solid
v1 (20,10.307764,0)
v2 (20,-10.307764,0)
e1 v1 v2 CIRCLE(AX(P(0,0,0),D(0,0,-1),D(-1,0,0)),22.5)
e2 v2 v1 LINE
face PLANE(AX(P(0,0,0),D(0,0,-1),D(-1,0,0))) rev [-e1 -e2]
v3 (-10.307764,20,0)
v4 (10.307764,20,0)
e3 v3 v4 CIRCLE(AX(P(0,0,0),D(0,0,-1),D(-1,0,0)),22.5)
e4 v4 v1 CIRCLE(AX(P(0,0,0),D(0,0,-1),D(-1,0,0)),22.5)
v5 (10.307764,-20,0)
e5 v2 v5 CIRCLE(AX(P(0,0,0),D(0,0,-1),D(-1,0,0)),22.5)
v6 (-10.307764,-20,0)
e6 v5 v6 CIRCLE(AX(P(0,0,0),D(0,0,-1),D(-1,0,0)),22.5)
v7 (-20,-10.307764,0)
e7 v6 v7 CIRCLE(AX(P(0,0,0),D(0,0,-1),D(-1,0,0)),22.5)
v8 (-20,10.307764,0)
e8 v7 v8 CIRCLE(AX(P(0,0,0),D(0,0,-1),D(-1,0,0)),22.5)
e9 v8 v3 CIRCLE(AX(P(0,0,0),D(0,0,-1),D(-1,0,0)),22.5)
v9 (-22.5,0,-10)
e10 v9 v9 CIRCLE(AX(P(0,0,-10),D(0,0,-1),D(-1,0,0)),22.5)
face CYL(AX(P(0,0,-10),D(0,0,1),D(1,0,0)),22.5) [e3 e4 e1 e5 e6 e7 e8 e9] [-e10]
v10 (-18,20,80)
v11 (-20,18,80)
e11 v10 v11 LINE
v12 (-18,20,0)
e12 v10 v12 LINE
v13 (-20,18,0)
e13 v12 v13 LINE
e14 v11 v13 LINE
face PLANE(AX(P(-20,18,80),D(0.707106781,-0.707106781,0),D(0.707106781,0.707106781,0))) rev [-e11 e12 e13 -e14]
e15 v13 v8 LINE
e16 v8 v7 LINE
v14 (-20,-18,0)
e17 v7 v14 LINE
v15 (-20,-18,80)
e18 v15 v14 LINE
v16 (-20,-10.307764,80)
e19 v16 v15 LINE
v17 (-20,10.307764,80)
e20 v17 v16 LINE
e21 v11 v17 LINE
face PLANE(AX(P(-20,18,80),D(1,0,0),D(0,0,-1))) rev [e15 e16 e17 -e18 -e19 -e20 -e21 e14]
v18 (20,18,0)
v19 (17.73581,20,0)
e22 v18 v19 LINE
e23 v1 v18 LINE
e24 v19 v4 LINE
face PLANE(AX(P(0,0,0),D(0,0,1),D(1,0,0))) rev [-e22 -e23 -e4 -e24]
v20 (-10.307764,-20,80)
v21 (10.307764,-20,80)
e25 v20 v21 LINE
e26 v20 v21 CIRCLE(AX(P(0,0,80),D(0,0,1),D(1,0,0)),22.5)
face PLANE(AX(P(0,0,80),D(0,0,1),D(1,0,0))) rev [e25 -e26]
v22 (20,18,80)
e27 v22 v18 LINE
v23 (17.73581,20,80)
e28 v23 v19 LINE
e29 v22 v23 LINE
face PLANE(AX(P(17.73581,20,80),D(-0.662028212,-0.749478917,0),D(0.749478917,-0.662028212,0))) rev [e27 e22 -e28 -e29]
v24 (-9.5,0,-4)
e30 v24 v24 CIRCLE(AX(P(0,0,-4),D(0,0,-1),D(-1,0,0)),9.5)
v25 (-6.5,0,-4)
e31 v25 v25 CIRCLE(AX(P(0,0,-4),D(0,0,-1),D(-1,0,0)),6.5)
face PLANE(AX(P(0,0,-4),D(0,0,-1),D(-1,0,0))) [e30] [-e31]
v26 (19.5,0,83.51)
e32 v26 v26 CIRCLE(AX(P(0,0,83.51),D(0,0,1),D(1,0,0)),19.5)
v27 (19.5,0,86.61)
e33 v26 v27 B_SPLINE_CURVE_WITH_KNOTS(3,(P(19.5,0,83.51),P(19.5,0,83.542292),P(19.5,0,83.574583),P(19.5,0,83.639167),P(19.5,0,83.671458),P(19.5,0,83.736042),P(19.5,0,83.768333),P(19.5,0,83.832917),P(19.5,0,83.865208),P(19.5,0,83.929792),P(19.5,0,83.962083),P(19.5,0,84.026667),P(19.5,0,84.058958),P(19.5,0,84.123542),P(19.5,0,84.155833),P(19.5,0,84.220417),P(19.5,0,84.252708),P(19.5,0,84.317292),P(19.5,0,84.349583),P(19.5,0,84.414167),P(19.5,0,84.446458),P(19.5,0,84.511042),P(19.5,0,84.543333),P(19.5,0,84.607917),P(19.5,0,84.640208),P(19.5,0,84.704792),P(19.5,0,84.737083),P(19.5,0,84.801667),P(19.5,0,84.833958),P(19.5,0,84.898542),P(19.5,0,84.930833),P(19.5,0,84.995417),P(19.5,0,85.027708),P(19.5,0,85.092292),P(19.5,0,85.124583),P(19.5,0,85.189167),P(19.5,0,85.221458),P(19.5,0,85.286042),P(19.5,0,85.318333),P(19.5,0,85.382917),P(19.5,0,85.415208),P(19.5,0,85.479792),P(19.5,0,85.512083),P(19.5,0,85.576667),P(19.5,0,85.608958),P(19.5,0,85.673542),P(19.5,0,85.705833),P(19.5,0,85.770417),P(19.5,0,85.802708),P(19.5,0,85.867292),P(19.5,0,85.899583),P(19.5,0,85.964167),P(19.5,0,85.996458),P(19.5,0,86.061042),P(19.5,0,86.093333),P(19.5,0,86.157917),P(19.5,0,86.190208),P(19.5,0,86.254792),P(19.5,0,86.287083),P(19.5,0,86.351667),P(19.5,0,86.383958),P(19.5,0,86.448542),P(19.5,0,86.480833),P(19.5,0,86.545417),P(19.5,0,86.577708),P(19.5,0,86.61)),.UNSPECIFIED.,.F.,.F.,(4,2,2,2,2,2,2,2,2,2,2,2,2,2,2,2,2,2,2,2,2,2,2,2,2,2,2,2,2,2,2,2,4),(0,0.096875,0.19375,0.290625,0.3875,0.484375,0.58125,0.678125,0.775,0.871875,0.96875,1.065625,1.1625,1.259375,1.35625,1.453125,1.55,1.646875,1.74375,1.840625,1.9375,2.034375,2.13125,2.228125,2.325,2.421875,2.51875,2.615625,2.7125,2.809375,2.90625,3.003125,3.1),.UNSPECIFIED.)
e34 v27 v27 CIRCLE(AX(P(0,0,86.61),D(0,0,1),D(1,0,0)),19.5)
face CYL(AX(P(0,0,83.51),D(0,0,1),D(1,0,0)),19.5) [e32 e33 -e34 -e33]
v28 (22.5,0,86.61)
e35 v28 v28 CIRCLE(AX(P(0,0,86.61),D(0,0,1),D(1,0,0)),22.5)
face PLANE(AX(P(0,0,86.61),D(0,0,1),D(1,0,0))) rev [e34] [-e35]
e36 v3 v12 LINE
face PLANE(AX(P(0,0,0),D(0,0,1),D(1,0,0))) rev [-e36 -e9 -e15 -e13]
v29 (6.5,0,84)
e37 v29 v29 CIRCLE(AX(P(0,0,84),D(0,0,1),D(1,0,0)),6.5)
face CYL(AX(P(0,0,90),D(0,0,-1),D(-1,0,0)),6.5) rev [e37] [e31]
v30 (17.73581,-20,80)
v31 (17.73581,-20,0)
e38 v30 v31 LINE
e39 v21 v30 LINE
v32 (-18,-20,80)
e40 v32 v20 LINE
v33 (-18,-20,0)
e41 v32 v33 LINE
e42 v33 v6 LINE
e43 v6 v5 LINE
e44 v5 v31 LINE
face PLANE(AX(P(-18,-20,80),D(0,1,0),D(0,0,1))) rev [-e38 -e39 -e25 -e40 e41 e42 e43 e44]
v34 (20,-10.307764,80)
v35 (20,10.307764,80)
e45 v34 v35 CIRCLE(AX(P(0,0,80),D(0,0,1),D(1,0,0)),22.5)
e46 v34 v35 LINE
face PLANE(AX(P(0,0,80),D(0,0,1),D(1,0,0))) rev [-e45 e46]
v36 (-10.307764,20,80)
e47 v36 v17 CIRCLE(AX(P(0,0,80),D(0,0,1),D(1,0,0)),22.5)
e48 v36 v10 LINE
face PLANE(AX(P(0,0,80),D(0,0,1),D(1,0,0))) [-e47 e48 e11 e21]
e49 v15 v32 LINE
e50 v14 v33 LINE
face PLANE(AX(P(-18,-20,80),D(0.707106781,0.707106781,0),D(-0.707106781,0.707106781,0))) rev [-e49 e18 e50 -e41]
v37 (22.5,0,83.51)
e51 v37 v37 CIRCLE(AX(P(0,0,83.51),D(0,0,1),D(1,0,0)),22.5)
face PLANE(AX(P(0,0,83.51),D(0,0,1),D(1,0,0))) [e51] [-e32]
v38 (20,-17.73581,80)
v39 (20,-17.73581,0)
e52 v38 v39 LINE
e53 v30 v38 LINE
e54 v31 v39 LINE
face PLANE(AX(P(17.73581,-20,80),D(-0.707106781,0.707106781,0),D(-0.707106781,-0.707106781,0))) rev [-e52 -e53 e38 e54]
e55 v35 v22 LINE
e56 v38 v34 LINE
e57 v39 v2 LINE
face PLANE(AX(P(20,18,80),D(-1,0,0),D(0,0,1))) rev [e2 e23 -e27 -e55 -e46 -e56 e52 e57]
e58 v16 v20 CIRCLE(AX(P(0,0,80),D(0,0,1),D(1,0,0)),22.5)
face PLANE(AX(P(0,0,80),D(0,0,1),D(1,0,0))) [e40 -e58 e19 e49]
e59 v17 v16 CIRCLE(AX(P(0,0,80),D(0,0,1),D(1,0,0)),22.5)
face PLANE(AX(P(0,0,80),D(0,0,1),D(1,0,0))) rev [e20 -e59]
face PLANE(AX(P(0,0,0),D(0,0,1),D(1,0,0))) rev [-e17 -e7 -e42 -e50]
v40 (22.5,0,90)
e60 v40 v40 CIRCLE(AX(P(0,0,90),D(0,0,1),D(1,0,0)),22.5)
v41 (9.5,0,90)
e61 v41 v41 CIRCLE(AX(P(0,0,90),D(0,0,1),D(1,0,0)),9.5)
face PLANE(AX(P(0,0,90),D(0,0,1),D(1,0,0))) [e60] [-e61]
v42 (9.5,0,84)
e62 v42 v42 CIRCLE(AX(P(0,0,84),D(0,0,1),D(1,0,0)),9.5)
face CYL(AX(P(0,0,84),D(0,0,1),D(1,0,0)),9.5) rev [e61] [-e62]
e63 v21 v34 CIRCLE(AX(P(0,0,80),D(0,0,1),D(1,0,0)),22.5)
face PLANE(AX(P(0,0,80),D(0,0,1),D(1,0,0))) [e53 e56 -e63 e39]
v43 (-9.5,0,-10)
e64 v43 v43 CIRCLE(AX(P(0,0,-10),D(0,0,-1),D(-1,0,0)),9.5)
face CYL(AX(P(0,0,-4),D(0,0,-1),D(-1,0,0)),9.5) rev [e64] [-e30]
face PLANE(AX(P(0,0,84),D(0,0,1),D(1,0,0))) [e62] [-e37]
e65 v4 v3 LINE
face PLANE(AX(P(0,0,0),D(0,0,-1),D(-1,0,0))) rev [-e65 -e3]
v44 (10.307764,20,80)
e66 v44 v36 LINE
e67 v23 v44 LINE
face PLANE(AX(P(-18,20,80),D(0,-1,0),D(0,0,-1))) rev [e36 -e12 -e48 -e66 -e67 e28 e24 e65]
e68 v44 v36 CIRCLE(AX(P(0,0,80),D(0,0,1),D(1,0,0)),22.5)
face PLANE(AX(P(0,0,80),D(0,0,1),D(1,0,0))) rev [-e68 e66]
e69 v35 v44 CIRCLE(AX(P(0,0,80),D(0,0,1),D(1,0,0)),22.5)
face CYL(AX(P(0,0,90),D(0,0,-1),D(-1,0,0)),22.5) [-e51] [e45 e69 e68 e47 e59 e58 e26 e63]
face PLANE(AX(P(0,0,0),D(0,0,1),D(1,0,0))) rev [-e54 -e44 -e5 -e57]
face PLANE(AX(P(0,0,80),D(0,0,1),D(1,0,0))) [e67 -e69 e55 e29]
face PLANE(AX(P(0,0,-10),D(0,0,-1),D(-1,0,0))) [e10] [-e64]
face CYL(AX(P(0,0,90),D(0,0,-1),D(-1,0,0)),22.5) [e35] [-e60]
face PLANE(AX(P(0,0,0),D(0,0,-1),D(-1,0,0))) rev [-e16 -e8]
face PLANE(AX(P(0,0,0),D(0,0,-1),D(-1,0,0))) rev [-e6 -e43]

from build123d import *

# Parameters (mm, degrees)
EXTRUDE_1_DEPTH     = 80
SKETCH_3_R          = 22.5
EXTRUDE_2_DEPTH     = 10
EXTRUDE_START       = 10
SKETCH_4_R          = 22.5
EXTRUDE_3_DEPTH     = 10
SKETCH_6_R          = 9.5
CUT_EXTRUDE_3_DEPTH = 6
CUT_EXTRUDE_START   = -6
SKETCH_7_R          = 9.5
CUT_EXTRUDE_4_DEPTH = 6
SKETCH_8_R          = 6.5
CUT_EXTRUDE_5_DEPTH = 100
CUT_EXTRUDE_START_2 = -6.49
SKETCH_9_R          = 22.5
SKETCH_9_R_2        = 19.5
CUT_EXTRUDE_7_DEPTH = 3.1


with BuildPart() as part:
    # 草图1 → 凸台-拉伸1 (new body)
    with BuildSketch(Plane.XY):
        Polygon((-20, 18), (-18, 20), (17.735809733, 20), (20, 18), (20, -17.735809733), (17.735809733, -20), (-18, -20), (-20, -18), align=None)
    extrude(amount=EXTRUDE_1_DEPTH)

    # 草图3 → 凸台-拉伸2 (add)
    with BuildSketch(Plane.XY.offset(80)):
        with Locations(Location((0, 0, 0), (0, 0, 152.733955549))):
            Circle(SKETCH_3_R)
    extrude(amount=EXTRUDE_2_DEPTH)

    # 草图4 → 凸台-拉伸3 (add)
    with BuildSketch(Plane(origin=(0, 0, 0), x_dir=(-1, 0, 0), z_dir=(0, 0, -1)).offset(EXTRUDE_START)):
        with Locations(Location((0, 0, 0), (0, 0, 27.266044451))):
            Circle(SKETCH_4_R)
    extrude(amount=-EXTRUDE_3_DEPTH)

    # 草图6 → 切除-拉伸3 (cut)
    with BuildSketch(Plane(origin=(0, 0, -10), x_dir=(-1, 0, 0), z_dir=(0, 0, -1))):
        Circle(SKETCH_6_R)
    extrude(amount=-CUT_EXTRUDE_3_DEPTH, mode=Mode.SUBTRACT)

    # 草图7 → 切除-拉伸4 (cut)
    with BuildSketch(Plane.XY.offset(90).offset(CUT_EXTRUDE_START)):
        with Locations(Location((0, 0, 0), (0, 0, 180))):
            Circle(SKETCH_7_R)
    extrude(amount=CUT_EXTRUDE_4_DEPTH, mode=Mode.SUBTRACT)

    # 草图8 → 切除-拉伸5 (cut)
    with BuildSketch(Plane(origin=(0, 0, -10), x_dir=(-1, 0, 0), z_dir=(0, 0, -1))):
        Circle(SKETCH_8_R)
    extrude(amount=-CUT_EXTRUDE_5_DEPTH, mode=Mode.SUBTRACT)

    # 草图9 → 切除-拉伸7 (cut)
    with BuildSketch(Plane.XY.offset(90).offset(CUT_EXTRUDE_START_2)):
        with Locations(Location((0, 0, 0), (0, 0, 152.733955549))):
            Circle(SKETCH_9_R)
        Circle(SKETCH_9_R_2, mode=Mode.SUBTRACT)
    extrude(amount=CUT_EXTRUDE_7_DEPTH, mode=Mode.SUBTRACT)


solid = part.part
